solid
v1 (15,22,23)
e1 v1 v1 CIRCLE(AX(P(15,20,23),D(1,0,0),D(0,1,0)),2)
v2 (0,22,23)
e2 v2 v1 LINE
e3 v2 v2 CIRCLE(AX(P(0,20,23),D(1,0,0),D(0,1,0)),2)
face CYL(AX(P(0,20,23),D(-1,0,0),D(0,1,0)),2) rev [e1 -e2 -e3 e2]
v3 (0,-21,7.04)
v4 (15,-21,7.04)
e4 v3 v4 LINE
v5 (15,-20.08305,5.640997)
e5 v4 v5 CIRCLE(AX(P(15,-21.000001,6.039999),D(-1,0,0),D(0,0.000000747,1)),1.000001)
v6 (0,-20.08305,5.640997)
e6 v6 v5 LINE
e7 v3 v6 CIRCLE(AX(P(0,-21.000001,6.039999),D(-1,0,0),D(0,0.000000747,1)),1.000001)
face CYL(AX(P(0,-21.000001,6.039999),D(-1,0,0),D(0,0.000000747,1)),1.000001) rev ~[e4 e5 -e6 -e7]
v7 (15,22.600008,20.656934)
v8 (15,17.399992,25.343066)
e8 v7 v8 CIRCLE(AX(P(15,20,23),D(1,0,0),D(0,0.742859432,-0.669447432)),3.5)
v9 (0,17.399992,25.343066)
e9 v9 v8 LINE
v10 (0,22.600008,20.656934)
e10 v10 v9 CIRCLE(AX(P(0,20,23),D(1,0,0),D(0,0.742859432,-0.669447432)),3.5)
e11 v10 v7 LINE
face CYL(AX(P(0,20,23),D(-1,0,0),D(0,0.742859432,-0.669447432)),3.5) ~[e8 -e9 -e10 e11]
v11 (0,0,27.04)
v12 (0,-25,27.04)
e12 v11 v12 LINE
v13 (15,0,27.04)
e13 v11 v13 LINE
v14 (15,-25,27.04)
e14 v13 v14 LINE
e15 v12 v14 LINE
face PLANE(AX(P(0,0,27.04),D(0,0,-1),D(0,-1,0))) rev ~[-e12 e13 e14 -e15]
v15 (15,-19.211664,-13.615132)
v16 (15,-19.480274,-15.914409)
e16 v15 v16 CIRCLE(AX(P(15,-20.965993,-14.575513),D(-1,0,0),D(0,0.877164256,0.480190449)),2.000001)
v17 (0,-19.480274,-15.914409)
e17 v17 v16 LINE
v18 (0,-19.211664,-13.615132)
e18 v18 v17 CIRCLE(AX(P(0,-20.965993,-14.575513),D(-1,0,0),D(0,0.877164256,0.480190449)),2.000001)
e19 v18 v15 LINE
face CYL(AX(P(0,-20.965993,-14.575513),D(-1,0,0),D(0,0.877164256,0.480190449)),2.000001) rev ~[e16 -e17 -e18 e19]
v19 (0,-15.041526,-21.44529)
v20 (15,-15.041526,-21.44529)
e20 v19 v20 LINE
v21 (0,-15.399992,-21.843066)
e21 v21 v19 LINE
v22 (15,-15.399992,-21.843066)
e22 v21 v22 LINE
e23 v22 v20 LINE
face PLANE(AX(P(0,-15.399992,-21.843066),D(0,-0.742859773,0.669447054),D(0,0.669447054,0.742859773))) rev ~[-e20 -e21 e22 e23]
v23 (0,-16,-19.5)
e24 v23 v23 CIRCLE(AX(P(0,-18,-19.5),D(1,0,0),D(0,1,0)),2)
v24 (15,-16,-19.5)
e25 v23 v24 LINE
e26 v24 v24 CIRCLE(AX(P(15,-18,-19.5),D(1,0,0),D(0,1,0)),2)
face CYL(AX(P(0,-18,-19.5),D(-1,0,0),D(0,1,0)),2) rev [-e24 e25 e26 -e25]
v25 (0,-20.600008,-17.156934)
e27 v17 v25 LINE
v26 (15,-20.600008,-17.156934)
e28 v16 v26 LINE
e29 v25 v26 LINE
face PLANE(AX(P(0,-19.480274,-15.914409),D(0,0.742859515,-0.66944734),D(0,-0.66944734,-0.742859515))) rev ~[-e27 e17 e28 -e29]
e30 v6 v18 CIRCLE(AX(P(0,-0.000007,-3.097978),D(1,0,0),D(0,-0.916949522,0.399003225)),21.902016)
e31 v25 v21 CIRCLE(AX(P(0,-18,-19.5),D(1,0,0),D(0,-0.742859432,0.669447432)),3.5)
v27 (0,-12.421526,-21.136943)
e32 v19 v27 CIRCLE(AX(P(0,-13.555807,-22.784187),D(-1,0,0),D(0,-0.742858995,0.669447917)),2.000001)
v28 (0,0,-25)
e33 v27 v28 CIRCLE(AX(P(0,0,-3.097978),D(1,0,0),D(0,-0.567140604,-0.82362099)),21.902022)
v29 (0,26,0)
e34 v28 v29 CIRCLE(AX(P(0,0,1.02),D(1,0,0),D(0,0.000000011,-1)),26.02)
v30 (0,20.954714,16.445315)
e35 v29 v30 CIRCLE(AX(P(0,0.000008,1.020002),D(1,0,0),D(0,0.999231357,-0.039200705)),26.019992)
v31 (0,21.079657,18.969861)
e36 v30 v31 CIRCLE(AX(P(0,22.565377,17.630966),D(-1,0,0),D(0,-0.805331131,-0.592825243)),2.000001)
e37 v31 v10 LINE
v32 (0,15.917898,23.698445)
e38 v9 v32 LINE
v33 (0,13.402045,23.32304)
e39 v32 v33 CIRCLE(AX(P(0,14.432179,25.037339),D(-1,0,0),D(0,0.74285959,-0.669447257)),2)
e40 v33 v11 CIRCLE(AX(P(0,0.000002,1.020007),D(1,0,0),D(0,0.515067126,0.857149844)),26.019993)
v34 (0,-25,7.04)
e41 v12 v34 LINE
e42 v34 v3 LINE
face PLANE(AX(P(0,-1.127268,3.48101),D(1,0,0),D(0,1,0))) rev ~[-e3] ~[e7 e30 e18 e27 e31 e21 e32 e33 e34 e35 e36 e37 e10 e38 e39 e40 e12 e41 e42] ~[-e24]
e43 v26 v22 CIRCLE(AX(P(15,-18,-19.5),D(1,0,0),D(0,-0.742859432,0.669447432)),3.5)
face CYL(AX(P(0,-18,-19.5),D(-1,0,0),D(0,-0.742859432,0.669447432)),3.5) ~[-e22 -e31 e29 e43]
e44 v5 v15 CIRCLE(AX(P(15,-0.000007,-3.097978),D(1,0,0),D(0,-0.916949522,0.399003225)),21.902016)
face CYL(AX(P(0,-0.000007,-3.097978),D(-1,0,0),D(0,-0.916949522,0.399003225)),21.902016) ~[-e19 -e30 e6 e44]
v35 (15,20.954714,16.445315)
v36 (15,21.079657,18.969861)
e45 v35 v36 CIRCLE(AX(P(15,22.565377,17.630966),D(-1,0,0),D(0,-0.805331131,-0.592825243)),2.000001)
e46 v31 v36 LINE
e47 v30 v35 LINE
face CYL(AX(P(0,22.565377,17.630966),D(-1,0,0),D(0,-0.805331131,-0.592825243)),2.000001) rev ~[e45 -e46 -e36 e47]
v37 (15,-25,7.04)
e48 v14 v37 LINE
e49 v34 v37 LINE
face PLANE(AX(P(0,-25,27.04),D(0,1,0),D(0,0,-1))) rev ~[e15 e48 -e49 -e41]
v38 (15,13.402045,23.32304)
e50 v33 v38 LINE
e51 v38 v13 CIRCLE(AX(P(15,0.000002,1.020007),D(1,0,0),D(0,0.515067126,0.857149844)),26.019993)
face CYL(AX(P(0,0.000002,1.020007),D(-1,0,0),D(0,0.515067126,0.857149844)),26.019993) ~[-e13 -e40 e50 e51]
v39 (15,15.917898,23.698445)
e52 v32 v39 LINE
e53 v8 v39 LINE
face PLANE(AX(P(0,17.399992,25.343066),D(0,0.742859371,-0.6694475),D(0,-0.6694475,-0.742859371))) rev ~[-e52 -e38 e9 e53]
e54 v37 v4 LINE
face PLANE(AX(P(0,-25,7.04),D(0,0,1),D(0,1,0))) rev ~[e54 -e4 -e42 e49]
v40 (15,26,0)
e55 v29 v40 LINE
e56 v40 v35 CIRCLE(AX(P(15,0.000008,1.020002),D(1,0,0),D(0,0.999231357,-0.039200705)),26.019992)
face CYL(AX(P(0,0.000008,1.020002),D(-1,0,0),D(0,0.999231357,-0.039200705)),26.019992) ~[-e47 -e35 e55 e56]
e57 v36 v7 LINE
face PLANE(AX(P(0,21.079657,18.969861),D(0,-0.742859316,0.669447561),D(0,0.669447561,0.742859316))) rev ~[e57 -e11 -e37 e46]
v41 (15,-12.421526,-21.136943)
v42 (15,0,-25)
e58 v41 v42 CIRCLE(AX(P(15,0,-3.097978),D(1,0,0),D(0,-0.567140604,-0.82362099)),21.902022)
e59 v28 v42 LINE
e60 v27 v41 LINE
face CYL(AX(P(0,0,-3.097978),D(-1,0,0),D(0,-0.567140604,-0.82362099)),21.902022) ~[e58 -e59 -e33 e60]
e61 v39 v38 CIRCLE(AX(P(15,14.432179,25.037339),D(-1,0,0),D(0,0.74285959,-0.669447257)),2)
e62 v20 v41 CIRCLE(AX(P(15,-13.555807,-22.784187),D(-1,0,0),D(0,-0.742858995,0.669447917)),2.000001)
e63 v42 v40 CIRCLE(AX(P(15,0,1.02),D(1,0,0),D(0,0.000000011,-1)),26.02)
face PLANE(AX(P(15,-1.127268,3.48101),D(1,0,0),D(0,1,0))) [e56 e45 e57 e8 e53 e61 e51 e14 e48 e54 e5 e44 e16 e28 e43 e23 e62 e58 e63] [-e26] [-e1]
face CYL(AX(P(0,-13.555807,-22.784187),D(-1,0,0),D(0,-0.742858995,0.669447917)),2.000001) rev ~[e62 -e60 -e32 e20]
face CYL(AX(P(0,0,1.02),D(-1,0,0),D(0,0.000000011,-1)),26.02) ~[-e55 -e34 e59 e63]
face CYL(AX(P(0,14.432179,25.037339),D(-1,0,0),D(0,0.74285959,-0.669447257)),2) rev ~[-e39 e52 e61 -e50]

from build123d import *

# Parameters (mm, degrees)
F0_R     = 2
F0_R_2   = 16
F0_R_3   = 12
F1_DEPTH = 15


with BuildPart() as f1:
    # F0 (on Right) → F1 (new body)
    with BuildSketch(Plane.YZ):
        with BuildLine():
            Line((0, 27.04), (-25, 27.04))
            Line((-25, 27.04), (-25, 7.04))
            Line((-25, 7.04), (-21, 7.04))
            ThreePointArc((-21, 7.04), (-20.163638, 6.588177), (-20.08305, 5.640997))
            ThreePointArc((-20.08305, 5.640997), (-21.879632, -4.088083), (-19.211664, -13.615132))
            ThreePointArc((-19.211664, -13.615132), (-18.979502, -14.807582), (-19.480274, -15.914409))
            Line((-19.480274, -15.914409), (-20.600008, -17.156934))
            ThreePointArc((-20.600008, -17.156934), (-20.343066, -22.100008), (-15.399992, -21.843066))
            Line((-15.399992, -21.843066), (-15.041526, -21.44529))
            ThreePointArc((-15.041526, -21.44529), (-13.789573, -20.797894), (-12.421526, -21.136943))
            ThreePointArc((-12.421526, -21.136943), (-6.504182, -24.011949), (0, -25))
            ThreePointArc((0, -25), (18.034689, -17.736076), (26, 0))
            ThreePointArc((26, 0), (24.875659, 8.651645), (20.954714, 16.445315))
            ThreePointArc((20.954714, 16.445315), (20.567821, 17.729828), (21.079657, 18.969861))
            Line((21.079657, 18.969861), (22.600008, 20.656934))
            ThreePointArc((22.600008, 20.656934), (22.343066, 25.600008), (17.399992, 25.343066))
            Line((17.399992, 25.343066), (15.917898, 23.698445))
            ThreePointArc((15.917898, 23.698445), (14.727343, 23.05924), (13.402045, 23.32304))
            ThreePointArc((13.402045, 23.32304), (6.953967, 26.093547), (0, 27.04))
        make_face()
        with Locations((-18, -19.5)):
            Circle(F0_R, mode=Mode.SUBTRACT)
        Circle(F0_R_2, mode=Mode.SUBTRACT)
        with Locations((20, 23)):
            Circle(F0_R, mode=Mode.SUBTRACT)
        Circle(F0_R_2)
        Circle(F0_R_3, mode=Mode.SUBTRACT)
        Circle(F0_R_3)
    extrude(amount=F1_DEPTH)


solid = f1.part
